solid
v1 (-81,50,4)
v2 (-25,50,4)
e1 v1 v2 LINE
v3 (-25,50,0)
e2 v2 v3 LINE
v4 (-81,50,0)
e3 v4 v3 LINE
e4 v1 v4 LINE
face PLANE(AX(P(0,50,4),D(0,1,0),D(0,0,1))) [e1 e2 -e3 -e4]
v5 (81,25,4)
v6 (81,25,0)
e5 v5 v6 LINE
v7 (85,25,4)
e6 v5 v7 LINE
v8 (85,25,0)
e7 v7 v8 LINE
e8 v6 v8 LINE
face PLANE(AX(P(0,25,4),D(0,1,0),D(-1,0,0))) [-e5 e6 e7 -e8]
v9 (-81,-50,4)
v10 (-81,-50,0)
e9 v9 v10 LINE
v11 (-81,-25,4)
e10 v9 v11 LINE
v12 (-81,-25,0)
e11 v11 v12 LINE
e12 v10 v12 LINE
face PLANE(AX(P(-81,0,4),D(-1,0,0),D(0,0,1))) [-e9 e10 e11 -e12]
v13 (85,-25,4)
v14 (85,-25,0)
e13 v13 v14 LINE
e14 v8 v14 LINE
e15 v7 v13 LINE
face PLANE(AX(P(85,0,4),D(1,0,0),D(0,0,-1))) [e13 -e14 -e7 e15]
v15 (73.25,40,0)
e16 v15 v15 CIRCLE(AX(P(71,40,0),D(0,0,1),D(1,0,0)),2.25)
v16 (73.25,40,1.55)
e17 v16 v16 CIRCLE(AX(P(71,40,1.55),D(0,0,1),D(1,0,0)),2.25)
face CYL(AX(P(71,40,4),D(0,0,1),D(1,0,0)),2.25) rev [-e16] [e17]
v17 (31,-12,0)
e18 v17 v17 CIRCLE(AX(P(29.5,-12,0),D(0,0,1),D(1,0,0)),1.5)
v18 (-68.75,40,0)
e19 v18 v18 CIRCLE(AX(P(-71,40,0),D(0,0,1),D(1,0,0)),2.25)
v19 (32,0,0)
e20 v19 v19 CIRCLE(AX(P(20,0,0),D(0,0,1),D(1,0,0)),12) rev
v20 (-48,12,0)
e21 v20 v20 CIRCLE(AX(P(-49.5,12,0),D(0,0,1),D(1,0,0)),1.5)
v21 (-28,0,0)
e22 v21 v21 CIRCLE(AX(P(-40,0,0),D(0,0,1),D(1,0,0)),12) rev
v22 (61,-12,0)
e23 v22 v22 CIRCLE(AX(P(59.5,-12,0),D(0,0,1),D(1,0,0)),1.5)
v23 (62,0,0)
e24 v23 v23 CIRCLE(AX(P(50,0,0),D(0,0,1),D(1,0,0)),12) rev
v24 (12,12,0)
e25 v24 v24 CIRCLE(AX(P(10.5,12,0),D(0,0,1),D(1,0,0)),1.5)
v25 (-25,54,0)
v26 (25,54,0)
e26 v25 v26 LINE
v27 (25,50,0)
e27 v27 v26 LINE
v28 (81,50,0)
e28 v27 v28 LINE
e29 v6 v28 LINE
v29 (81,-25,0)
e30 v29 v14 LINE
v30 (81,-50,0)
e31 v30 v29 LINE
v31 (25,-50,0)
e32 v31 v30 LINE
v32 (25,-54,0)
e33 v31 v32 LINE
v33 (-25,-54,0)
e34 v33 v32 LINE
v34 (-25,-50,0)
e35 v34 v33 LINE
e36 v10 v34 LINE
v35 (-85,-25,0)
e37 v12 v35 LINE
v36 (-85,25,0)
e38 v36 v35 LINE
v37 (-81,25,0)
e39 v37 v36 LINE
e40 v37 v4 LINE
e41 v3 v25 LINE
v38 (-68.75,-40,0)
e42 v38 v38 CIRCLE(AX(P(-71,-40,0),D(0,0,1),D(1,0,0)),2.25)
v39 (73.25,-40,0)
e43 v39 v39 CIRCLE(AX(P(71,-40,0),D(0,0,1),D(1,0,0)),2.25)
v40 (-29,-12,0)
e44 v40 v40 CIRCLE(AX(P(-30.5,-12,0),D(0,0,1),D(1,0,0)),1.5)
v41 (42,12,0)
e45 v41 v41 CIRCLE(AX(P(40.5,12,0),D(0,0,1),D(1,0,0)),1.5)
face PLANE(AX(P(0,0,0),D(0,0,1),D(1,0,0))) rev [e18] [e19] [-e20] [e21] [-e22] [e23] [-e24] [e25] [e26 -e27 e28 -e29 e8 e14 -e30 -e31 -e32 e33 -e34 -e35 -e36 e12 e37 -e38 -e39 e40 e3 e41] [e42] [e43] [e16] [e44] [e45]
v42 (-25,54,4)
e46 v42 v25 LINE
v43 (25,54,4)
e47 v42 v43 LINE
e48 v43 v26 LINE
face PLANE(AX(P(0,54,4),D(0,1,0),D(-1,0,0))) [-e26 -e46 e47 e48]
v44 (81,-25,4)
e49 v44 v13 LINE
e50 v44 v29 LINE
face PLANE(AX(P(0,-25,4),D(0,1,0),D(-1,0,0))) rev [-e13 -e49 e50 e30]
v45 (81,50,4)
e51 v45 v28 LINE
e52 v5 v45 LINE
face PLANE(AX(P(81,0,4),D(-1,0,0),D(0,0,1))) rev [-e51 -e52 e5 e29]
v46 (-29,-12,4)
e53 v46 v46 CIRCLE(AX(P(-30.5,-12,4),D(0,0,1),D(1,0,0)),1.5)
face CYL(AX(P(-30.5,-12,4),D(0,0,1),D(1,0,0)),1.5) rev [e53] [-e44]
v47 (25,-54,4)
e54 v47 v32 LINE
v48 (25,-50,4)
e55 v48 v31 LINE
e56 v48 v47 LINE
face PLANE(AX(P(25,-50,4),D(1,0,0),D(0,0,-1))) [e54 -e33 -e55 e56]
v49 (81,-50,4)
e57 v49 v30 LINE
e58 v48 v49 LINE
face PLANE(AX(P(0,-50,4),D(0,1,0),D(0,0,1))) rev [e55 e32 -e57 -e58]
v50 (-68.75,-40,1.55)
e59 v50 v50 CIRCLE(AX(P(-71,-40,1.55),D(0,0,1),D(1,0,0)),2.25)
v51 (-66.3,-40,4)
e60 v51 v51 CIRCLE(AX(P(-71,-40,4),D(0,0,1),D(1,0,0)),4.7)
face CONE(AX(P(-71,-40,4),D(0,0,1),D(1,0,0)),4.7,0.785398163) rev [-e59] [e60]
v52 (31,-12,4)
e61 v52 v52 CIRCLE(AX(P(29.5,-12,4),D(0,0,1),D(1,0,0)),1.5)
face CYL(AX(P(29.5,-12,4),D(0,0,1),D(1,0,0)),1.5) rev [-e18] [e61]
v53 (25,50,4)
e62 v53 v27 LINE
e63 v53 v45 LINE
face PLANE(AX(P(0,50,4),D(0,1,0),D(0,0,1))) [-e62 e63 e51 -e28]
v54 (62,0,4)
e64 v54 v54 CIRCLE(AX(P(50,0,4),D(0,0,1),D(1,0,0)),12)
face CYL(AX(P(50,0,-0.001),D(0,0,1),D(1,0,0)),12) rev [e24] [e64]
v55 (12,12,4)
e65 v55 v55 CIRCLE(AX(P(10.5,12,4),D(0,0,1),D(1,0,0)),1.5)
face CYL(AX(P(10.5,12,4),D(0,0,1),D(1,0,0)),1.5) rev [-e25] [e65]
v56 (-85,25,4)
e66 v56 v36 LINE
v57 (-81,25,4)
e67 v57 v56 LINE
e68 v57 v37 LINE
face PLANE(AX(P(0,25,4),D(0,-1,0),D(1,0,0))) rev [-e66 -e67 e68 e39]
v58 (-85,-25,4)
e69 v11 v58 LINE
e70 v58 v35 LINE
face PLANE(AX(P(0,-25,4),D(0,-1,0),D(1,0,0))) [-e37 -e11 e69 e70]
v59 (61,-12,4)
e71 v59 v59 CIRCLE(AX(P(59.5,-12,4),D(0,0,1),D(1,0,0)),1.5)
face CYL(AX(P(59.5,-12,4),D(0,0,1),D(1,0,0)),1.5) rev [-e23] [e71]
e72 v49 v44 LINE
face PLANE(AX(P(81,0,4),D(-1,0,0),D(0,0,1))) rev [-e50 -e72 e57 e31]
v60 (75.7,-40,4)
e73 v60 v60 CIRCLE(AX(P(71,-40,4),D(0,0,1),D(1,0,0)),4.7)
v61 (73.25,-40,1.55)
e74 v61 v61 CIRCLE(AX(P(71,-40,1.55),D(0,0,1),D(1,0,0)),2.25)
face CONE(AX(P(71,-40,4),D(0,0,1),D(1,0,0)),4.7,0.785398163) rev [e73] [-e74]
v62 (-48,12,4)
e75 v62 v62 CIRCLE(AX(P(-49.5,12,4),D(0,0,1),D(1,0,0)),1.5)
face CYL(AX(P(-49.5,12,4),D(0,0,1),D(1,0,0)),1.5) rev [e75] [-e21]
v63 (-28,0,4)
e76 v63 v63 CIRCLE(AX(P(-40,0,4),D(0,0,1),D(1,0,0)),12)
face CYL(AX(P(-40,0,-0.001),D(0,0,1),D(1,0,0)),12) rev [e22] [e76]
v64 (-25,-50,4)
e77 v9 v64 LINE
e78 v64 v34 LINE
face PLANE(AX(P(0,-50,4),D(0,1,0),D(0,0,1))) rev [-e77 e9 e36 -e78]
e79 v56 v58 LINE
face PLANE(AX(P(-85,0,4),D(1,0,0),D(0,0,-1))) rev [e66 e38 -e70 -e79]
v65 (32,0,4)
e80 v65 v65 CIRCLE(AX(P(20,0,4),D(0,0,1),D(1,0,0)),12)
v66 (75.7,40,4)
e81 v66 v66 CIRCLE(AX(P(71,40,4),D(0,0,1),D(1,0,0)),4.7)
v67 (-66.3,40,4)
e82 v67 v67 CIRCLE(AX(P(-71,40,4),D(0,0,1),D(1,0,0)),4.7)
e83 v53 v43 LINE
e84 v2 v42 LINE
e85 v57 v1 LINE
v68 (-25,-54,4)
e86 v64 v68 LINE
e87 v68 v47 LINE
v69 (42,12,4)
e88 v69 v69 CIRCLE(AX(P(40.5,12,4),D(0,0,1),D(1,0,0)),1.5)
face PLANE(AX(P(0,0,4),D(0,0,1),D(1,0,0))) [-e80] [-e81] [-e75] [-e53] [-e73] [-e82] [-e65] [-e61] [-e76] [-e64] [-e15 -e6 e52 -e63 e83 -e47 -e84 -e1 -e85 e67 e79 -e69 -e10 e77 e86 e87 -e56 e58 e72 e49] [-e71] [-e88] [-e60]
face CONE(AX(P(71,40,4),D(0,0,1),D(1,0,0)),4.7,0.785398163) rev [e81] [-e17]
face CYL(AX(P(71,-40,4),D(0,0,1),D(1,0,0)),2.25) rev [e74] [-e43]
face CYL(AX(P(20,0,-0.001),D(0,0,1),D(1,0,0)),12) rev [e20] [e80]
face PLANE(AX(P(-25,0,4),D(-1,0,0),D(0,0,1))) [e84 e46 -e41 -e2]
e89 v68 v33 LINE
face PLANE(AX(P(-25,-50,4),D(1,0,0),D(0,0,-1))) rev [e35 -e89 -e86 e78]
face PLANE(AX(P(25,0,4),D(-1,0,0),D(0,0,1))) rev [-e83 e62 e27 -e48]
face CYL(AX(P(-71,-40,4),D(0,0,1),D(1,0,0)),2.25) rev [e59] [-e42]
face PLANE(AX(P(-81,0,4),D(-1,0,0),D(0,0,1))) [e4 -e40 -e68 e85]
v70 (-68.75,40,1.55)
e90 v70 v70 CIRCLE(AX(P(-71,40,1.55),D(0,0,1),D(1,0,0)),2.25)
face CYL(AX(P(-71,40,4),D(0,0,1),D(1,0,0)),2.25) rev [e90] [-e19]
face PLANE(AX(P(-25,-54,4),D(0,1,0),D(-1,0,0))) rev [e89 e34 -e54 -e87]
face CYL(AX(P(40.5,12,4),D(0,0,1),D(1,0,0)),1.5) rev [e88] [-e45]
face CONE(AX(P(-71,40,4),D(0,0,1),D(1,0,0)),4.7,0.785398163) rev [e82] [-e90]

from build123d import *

# Parameters (mm, degrees)
SKETCH1_W                                    = 162
SKETCH1_H                                    = 100
SKETCH1_W_2                                  = 50
SKETCH1_H_2                                  = 4
SKETCH1_W_3                                  = 4
SKETCH1_H_3                                  = 50
BOSS_EXTRUDE2_DEPTH                          = 4
CUT_EXTRUDE1_REACH                           = 102.782
SKETCH2_R                                    = 12
CSK_FOR_M4_COUNTERSUNK_FLAT_HEAD_SCR_2_COUNT = 2
CSK_FOR_M4_COUNTERSUNK_FLAT_HEAD_SCR_2_PITCH = 142
CSK_FOR_M4_COUNTERSUNK_FLAT_HEAD_SCR_3_COUNT = 2
CSK_FOR_M4_COUNTERSUNK_FLAT_HEAD_SCR_3_PITCH = 162.984661855
CSK_FOR_M4_COUNTERSUNK_FLAT_HEAD_SCR_4_COUNT = 2
CSK_FOR_M4_COUNTERSUNK_FLAT_HEAD_SCR_4_PITCH = 80
F_3_0MM_DOWEL_HOLE1_D                        = 3


with BuildPart() as part:
    # Sketch1 → Boss-Extrude2 (new body)
    with BuildSketch(Plane.XY):
        Rectangle(SKETCH1_W, SKETCH1_H)
        with Locations((0, 52)):
            Rectangle(SKETCH1_W_2, SKETCH1_H_2)
        with Locations((83, 0)):
            Rectangle(SKETCH1_W_3, SKETCH1_H_3)
        with Locations((-83, 0)):
            Rectangle(SKETCH1_W_3, SKETCH1_H_3)
        with Locations((0, -52)):
            Rectangle(SKETCH1_W_2, SKETCH1_H_2)
    extrude(amount=BOSS_EXTRUDE2_DEPTH)

    # Sketch2 → Cut-Extrude1 (cut, up to next)
    with BuildSketch(Plane.XY.offset(4), mode=Mode.PRIVATE) as cut_extrude1_sk1:
        with Locations((-40, 0)):
            Circle(SKETCH2_R)
    cut_extrude1_tool1 = extrude(cut_extrude1_sk1.sketch, amount=-CUT_EXTRUDE1_REACH, mode=Mode.PRIVATE) & part.part
    # Sketch2 → Cut-Extrude1 (cut, up to next)
    with BuildSketch(Plane.XY.offset(4), mode=Mode.PRIVATE) as cut_extrude1_sk2:
        with Locations((20, 0)):
            Circle(SKETCH2_R)
    cut_extrude1_tool2 = extrude(cut_extrude1_sk2.sketch, amount=-CUT_EXTRUDE1_REACH, mode=Mode.PRIVATE) & part.part
    # Sketch2 → Cut-Extrude1 (cut, up to next)
    with BuildSketch(Plane.XY.offset(4), mode=Mode.PRIVATE) as cut_extrude1_sk3:
        with Locations((50, 0)):
            Circle(SKETCH2_R)
    cut_extrude1_tool3 = extrude(cut_extrude1_sk3.sketch, amount=-CUT_EXTRUDE1_REACH, mode=Mode.PRIVATE) & part.part
    add(cut_extrude1_tool1.solids().sort_by_distance((-40, 0, 4))[0], mode=Mode.SUBTRACT)
    add(cut_extrude1_tool2.solids().sort_by_distance((20, 0, 4))[0], mode=Mode.SUBTRACT)
    add(cut_extrude1_tool3.solids().sort_by_distance((50, 0, 4))[0], mode=Mode.SUBTRACT)

    # Sketch4 → CSK for M4 Countersunk Flat Head Screw1 (revolve, cut)
    with BuildSketch(Plane(origin=(-71, 40, 4), x_dir=(0, -1, 0), z_dir=(1, 0, 0))):
        Polygon((0, 0), (0, 4), (2.25, 4), (2.25, 2.45), (4.7, 0), align=None)
    csk_for_m4_countersunk_flat_head_screw1 = revolve(axis=Axis((-71, 40, 10.35), (0, 0, -1)), mode=Mode.SUBTRACT)

    # CSK for M4 Countersunk Flat Head Scr 2: CSK for M4 Countersunk Flat Head Screw1 ×2
    with Locations(*[(i * CSK_FOR_M4_COUNTERSUNK_FLAT_HEAD_SCR_2_PITCH, 0, 0) for i in range(1, CSK_FOR_M4_COUNTERSUNK_FLAT_HEAD_SCR_2_COUNT)]):
        add(csk_for_m4_countersunk_flat_head_screw1, mode=Mode.SUBTRACT)

    # CSK for M4 Countersunk Flat Head Scr 3: CSK for M4 Countersunk Flat Head Screw1 ×2
    with Locations(*[Vector(0.8712476277448776, -0.49084373394077596, 0) * (i * CSK_FOR_M4_COUNTERSUNK_FLAT_HEAD_SCR_3_PITCH) for i in range(1, CSK_FOR_M4_COUNTERSUNK_FLAT_HEAD_SCR_3_COUNT)]):
        add(csk_for_m4_countersunk_flat_head_screw1, mode=Mode.SUBTRACT)

    # CSK for M4 Countersunk Flat Head Scr 4: CSK for M4 Countersunk Flat Head Screw1 ×2
    with Locations(*[(0, -i * CSK_FOR_M4_COUNTERSUNK_FLAT_HEAD_SCR_4_PITCH, 0) for i in range(1, CSK_FOR_M4_COUNTERSUNK_FLAT_HEAD_SCR_4_COUNT)]):
        add(csk_for_m4_countersunk_flat_head_screw1, mode=Mode.SUBTRACT)

    # Ø3.0mm Dowel Hole1 (through all)
    with Locations(Plane(origin=(-49.5, 12, 4), x_dir=(1, 0, 0), z_dir=(0, 0, 1))):
        with Locations((0, 0), (19, -24), (60, 0), (79, -24), (90, 0), (109, -24)):
            Hole(F_3_0MM_DOWEL_HOLE1_D / 2)


solid = part.part
